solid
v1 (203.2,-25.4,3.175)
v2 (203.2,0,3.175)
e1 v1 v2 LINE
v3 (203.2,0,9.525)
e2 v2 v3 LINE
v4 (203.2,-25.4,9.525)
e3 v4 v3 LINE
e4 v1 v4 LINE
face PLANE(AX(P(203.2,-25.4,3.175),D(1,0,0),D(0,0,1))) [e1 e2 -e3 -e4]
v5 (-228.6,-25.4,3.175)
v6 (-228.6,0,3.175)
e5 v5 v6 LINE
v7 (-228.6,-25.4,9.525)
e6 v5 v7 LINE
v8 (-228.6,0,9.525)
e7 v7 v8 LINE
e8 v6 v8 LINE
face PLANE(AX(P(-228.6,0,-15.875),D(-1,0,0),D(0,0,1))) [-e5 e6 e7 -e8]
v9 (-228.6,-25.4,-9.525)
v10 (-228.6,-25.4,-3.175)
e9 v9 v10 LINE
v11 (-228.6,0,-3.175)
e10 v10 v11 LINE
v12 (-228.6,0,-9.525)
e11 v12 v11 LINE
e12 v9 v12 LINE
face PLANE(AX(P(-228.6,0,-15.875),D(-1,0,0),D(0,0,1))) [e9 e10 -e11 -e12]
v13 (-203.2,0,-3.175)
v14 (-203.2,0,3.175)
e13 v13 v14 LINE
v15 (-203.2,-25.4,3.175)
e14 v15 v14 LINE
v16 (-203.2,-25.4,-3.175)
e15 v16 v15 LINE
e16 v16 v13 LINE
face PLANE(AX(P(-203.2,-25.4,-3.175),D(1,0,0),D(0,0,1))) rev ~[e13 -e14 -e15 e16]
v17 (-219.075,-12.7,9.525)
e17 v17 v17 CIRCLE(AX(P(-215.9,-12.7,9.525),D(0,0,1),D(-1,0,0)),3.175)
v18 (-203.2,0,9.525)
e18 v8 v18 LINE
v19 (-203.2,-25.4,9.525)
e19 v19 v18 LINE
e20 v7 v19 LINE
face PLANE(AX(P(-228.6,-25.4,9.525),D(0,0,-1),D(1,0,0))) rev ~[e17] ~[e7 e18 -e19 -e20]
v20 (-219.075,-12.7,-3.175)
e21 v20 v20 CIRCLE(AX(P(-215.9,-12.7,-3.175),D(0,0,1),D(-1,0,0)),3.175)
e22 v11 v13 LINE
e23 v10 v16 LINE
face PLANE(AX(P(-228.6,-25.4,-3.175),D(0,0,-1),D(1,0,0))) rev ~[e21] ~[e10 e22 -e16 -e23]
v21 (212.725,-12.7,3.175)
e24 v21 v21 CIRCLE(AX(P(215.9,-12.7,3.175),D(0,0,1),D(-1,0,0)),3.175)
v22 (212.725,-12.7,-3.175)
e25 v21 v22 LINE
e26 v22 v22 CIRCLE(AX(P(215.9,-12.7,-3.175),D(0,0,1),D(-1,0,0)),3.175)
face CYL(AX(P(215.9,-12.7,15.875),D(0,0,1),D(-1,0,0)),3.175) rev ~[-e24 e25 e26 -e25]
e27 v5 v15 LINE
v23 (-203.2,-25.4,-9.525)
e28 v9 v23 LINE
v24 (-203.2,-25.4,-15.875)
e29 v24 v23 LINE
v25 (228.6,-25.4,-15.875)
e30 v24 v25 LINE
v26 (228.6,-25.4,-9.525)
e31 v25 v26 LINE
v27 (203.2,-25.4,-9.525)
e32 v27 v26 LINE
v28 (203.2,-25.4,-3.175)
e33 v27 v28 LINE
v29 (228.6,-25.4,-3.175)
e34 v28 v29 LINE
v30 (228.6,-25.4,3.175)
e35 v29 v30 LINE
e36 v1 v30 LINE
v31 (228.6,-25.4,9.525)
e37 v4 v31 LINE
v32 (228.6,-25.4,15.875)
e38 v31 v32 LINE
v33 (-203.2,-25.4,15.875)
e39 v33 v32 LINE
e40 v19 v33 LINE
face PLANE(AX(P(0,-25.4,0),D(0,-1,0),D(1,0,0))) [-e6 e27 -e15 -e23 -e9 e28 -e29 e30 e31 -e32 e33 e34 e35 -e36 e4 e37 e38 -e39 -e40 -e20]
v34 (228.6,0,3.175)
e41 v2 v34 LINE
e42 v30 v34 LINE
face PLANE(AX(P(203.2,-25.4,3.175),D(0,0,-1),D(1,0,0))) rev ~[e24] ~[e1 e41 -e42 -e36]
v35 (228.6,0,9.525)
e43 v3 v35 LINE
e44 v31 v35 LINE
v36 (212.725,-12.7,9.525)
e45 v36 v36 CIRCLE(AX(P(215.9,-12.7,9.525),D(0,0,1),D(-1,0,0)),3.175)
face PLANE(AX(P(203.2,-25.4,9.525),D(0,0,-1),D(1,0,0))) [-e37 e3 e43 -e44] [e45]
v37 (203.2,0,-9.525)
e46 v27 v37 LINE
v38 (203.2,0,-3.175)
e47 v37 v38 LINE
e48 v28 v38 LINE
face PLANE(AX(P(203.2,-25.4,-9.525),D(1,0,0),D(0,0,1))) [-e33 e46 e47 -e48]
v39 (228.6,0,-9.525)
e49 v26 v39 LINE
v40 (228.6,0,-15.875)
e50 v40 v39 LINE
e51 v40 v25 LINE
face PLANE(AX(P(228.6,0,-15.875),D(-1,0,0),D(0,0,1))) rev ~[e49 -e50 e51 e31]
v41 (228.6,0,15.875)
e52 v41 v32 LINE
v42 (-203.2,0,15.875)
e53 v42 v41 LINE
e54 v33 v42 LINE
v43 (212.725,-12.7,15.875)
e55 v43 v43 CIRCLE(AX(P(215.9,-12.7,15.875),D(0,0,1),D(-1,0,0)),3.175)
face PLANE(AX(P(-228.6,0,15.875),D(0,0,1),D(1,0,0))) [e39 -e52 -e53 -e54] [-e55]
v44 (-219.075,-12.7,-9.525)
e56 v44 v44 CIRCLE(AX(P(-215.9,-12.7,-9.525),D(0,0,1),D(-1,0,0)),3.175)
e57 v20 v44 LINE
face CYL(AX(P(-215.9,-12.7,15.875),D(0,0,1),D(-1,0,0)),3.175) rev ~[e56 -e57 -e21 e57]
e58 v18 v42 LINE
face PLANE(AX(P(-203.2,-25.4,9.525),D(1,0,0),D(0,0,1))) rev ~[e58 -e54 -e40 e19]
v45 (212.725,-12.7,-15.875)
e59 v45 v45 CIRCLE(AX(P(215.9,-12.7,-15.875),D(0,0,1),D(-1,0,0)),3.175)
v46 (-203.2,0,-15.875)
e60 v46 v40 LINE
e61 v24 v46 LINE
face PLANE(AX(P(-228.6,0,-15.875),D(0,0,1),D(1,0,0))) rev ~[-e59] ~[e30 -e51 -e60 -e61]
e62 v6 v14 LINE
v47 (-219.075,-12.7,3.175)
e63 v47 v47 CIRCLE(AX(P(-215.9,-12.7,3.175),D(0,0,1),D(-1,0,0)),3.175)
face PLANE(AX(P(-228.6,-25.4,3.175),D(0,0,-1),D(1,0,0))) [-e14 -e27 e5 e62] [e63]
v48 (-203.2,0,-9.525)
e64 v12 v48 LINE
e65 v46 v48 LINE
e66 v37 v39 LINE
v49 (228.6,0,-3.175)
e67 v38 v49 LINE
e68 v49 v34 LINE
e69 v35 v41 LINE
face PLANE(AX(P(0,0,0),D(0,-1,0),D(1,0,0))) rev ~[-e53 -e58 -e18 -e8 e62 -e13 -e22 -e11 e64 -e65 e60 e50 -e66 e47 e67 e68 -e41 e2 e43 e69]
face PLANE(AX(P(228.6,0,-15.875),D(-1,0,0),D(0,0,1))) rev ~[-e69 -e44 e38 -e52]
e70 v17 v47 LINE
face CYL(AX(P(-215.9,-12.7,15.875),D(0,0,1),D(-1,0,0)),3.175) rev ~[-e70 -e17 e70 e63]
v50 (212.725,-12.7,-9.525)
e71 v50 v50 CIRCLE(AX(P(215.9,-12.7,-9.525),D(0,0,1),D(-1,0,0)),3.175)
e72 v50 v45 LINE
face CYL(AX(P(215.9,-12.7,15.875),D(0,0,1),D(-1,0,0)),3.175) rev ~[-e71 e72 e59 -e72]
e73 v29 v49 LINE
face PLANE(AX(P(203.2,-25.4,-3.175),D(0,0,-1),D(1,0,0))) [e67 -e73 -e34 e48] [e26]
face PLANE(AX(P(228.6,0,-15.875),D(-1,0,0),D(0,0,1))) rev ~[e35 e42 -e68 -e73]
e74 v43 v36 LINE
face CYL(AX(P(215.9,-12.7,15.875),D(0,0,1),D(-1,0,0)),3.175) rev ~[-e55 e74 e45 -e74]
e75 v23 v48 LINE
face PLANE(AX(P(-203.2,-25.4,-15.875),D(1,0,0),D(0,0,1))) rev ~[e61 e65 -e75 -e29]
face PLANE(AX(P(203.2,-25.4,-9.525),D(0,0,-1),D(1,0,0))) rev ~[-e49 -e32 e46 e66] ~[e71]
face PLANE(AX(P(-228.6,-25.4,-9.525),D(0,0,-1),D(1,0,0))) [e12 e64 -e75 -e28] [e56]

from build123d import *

# Parameters (mm, degrees)
SKETCH_W        = 457.2
SKETCH_H        = 31.75
PAD_DEPTH       = 25.4
SKETCH001_W     = 25.4
SKETCH001_H     = 6.35
POCKET_DEPTH    = 25.401
SKETCH002_W     = 25.4
SKETCH002_H     = 6.35
POCKET001_DEPTH = 25.401
SKETCH003_R     = 3.175
POCKET002_DEPTH = 31.751


with BuildPart() as part:
    # Sketch → Pad (new body)
    with BuildSketch(Plane.XZ):
        Rectangle(SKETCH_W, SKETCH_H)
    extrude(amount=PAD_DEPTH)

    # Sketch001 (on Face6 of Pad) → Pocket (cut, through all)
    with BuildSketch(Plane.XZ.offset(25.4)):
        with Locations((-215.9, 12.7)):
            Rectangle(SKETCH001_W, SKETCH001_H)
        with Locations((-215.9, 0)):
            Rectangle(SKETCH001_W, SKETCH001_H)
        with Locations((-215.9, -12.7)):
            Rectangle(SKETCH001_W, SKETCH001_H)
    extrude(amount=-POCKET_DEPTH, mode=Mode.SUBTRACT)

    # Sketch002 (on Face6 of Pad) → Pocket001 (cut, through all)
    with BuildSketch(Plane.XZ.offset(25.4)):
        with Locations((215.9, 6.35)):
            Rectangle(SKETCH002_W, SKETCH002_H)
        with Locations((215.9, -6.35)):
            Rectangle(SKETCH002_W, SKETCH002_H)
    extrude(amount=-POCKET001_DEPTH, mode=Mode.SUBTRACT)

    # Sketch003 (on Face21 of Pocket001) → Pocket002 (cut, through all)
    with BuildSketch(Plane(origin=(0, 0, 15.875), x_dir=(-1, 0, 0), z_dir=(0, 0, 1))):
        with Locations((215.9, 12.7)):
            Circle(SKETCH003_R)
        with Locations((-215.9, 12.7)):
            Circle(SKETCH003_R)
    extrude(amount=-POCKET002_DEPTH, mode=Mode.SUBTRACT)


solid = part.part
